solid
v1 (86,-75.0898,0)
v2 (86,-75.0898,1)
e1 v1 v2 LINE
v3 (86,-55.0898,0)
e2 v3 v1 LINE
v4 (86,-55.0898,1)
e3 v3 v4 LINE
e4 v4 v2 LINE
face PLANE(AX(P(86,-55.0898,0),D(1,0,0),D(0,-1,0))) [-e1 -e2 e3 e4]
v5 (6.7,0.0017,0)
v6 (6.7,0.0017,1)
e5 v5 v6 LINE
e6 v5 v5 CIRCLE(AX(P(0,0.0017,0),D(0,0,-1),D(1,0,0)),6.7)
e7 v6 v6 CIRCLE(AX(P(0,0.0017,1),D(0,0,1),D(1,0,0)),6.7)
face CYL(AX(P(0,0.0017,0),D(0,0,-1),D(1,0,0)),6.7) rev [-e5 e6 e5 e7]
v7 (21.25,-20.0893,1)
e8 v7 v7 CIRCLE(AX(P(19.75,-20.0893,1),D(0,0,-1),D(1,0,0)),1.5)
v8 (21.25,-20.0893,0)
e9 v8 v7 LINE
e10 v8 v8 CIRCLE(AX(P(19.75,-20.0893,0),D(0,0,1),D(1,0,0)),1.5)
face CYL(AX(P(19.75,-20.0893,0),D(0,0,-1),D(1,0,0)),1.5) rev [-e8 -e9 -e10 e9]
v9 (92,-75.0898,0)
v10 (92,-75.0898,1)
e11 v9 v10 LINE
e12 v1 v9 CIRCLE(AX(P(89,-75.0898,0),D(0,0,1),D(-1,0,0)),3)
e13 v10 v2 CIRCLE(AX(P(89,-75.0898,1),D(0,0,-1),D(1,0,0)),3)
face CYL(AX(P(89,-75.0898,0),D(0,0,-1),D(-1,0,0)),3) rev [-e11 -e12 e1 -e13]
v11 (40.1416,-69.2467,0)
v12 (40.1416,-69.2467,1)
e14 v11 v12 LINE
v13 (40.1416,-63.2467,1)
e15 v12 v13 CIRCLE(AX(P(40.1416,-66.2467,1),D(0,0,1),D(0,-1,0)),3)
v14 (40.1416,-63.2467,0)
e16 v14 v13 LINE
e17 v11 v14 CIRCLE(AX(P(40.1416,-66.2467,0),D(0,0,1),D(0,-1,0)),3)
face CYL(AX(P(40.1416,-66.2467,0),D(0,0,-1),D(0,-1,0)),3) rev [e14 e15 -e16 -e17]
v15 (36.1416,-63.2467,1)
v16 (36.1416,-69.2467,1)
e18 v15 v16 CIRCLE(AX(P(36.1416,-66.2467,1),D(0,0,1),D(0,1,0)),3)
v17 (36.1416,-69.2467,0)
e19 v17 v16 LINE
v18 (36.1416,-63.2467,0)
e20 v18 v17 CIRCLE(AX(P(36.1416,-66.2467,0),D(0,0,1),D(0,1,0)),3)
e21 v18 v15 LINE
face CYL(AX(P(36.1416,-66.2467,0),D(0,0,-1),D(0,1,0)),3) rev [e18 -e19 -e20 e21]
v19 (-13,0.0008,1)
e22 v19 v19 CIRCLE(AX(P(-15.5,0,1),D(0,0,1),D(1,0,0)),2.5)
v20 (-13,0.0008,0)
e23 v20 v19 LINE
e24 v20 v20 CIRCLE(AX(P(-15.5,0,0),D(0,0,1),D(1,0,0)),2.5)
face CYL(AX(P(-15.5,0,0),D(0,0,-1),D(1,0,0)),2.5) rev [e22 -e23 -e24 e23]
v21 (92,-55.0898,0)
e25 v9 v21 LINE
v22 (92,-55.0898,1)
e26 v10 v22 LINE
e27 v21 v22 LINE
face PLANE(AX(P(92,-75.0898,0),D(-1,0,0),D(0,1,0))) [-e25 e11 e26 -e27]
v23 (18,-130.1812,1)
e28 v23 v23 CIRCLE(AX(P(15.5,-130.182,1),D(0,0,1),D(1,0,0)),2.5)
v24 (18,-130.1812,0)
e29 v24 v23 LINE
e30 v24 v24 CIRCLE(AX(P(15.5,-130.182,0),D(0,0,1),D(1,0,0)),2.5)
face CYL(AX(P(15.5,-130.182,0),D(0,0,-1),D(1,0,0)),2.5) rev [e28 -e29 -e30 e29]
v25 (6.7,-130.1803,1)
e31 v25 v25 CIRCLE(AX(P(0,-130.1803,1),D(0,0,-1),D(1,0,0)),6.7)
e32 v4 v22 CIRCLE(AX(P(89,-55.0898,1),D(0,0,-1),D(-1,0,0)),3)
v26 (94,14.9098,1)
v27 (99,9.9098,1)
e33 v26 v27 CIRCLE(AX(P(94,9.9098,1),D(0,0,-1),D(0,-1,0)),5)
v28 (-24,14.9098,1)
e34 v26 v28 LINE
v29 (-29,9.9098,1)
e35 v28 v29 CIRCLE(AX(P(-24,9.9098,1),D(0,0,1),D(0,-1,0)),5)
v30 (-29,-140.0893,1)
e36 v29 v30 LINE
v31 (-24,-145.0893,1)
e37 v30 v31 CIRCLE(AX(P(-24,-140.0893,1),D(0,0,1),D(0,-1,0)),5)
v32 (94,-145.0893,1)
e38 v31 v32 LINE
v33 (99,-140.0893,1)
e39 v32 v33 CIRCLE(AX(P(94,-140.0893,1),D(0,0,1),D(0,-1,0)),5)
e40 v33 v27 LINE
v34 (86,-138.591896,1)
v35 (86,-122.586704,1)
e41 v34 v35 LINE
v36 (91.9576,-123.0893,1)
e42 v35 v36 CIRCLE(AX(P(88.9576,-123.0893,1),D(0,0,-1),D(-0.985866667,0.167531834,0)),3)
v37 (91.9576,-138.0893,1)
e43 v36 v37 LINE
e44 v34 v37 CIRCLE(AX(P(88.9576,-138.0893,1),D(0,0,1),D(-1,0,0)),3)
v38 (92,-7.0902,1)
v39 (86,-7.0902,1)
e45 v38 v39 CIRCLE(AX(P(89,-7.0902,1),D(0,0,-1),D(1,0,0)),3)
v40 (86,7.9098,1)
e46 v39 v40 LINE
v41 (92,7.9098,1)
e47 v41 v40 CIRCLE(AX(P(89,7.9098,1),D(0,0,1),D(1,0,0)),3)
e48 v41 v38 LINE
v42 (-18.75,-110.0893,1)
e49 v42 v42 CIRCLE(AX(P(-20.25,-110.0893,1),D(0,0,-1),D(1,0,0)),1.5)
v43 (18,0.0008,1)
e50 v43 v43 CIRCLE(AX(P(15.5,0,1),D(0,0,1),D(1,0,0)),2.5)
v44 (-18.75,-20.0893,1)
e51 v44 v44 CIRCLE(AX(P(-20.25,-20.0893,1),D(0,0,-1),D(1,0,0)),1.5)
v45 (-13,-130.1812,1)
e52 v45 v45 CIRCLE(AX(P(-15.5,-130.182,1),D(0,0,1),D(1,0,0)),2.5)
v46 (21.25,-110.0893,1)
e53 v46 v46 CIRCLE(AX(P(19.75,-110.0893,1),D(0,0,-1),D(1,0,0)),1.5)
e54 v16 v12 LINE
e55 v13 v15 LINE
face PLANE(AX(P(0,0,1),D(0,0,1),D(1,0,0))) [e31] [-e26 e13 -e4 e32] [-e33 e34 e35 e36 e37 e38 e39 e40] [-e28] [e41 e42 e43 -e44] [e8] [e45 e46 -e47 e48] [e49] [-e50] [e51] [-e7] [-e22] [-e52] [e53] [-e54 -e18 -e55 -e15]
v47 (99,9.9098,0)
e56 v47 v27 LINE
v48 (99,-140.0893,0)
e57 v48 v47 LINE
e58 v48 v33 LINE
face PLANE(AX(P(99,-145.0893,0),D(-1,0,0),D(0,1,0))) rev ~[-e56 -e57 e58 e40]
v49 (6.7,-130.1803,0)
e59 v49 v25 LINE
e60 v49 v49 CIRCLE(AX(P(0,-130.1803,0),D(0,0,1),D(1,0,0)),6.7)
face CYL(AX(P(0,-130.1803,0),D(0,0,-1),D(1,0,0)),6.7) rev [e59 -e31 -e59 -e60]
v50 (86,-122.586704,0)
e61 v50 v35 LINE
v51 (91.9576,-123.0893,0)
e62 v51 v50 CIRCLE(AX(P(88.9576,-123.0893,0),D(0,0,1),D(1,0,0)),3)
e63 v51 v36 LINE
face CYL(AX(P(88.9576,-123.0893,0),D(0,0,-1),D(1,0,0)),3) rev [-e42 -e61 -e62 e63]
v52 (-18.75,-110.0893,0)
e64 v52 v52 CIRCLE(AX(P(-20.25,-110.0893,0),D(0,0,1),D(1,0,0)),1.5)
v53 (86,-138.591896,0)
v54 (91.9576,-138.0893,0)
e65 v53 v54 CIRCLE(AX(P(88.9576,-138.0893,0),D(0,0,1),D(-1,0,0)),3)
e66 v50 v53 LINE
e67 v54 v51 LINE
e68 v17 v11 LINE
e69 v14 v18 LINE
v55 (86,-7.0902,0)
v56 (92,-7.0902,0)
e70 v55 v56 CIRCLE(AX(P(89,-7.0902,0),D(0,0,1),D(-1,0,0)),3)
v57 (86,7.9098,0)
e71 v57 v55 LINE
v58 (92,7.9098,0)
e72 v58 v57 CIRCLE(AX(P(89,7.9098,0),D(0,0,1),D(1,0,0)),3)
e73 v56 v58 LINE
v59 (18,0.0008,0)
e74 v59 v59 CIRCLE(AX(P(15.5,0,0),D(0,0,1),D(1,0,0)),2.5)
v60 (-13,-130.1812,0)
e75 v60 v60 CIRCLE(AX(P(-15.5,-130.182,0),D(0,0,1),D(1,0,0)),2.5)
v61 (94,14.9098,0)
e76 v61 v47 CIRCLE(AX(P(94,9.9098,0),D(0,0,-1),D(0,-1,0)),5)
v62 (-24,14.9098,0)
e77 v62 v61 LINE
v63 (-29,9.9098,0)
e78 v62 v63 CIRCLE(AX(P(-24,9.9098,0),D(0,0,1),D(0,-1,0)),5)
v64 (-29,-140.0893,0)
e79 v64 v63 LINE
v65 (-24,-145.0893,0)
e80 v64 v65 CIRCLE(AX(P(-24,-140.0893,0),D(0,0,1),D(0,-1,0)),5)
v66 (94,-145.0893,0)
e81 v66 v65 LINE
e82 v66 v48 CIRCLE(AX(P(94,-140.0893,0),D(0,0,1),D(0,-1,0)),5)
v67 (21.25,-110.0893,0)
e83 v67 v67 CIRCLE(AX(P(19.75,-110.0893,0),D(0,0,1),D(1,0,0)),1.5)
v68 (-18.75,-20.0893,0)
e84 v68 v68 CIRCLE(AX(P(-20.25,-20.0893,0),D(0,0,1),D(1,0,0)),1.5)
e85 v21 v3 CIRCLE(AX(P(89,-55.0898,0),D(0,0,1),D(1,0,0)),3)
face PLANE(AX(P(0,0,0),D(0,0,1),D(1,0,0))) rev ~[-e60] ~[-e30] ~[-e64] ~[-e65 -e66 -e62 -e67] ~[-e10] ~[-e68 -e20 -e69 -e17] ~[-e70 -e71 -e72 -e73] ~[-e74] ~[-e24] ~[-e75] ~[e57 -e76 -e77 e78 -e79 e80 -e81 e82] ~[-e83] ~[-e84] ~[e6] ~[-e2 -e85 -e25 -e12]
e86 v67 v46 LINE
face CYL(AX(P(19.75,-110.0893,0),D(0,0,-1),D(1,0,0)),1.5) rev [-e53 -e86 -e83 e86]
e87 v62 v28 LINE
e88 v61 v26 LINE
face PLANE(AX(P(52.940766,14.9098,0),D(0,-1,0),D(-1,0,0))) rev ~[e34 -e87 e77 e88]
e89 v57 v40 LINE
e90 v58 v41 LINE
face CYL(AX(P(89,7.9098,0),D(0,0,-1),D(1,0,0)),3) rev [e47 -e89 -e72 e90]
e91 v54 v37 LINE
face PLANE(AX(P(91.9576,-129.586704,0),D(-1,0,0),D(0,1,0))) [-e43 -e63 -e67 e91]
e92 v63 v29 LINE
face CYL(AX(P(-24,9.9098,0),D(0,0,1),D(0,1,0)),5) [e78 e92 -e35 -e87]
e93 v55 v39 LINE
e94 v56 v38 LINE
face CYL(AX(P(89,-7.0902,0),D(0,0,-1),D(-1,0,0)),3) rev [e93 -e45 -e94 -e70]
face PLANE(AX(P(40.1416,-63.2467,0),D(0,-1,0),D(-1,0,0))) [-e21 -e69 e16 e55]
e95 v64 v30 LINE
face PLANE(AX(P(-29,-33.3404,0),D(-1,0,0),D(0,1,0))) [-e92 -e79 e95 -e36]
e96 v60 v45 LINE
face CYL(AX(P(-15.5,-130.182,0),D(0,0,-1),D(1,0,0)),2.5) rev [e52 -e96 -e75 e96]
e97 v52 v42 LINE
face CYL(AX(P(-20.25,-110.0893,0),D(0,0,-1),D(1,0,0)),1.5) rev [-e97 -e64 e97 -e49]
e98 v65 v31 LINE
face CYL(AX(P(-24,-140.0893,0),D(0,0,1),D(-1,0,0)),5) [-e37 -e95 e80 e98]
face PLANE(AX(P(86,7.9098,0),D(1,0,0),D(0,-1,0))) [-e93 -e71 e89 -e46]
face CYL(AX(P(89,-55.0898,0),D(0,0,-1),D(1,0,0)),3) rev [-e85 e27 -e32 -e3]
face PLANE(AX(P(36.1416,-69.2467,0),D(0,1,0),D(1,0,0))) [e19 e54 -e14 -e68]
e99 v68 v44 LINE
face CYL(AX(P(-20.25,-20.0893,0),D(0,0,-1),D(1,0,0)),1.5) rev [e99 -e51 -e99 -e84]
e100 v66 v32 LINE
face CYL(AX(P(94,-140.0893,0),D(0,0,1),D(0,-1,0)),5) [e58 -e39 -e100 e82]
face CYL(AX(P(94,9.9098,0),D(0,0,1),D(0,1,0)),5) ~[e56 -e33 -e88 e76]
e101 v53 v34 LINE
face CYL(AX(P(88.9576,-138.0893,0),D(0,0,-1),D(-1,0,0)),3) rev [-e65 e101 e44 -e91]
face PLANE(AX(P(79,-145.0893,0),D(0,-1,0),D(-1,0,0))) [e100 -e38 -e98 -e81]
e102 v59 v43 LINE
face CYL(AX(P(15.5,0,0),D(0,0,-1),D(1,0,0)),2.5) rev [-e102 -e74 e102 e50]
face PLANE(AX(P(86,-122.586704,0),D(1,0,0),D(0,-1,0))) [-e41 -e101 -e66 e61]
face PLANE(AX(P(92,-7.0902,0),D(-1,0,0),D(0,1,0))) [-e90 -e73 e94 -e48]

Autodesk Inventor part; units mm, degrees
ref_plane "YZ Plane" through (0, 0, 0) normal (1, 0, 0) x (0, 1, 0)
ref_plane "XZ Plane" through (0, 0, 0) normal (0, 1, 0) x (-1, 0, 0)
ref_plane "XY Plane" through (0, 0, 0) normal (0, 0, 1) x (1, 0, 0)
sketch "スケッチ1" plane through (0, 0, 0) normal (0, 0, 1) x (1, 0, 0)
  circle A0 centre (-15.5, 0) radius 2.5 projected
  circle A1 centre (15.5, 0) radius 2.5 projected
  circle A2 centre (0, 0) radius 11 projected
  line L0 (-15.1987, 13) -> (15.1987, 13) projected
  arc A3 (15.1987, -13) -> (15.1987, 13) centre (0, 0) ccw projected
  line L1 (15.1987, -13) -> (-15.1987, -13) projected
  arc A4 (-15.1987, 13) -> (-15.1987, -13) centre (0, 0) ccw projected
  circle A5 centre (-15.5, -130.182) radius 2.5 projected
  circle A6 centre (15.5, -130.182) radius 2.5 projected
  circle A7 centre (0, -130.182) radius 11 projected
  line L2 (-15.1987, -143.182) -> (15.1987, -143.182) projected
  arc A8 (-15.1987, -117.182) -> (-15.1987, -143.182) centre (0, -130.182) ccw projected
  line L3 (15.1987, -117.182) -> (-15.1987, -117.182) projected
  arc A9 (15.1987, -143.182) -> (15.1987, -117.182) centre (0, -130.182) ccw projected
  circle A10 centre (0, -130.182) radius 5 projected
  circle A11 centre (0, 0) radius 5 projected
  line L4 (-29, -33.3404) -> (-29, 14.9098) projected
  line L5 (99, -145.0893) -> (-29, -145.0893) projected
  line L6 (-29, -63.34) -> (-29, -33.3408)
  line L7 (99, -145.0893) -> (99, 14.9098)
  line L8 (99, 14.9098) -> (297.1795, 14.9098)
  line L9 (297.1795, 14.9098) -> (297.1795, -145.0893)
  line L10 (297.1795, -145.0893) -> (99, -145.0893)
  circle A12 centre (0, -130.1819) radius 55
  circle A13 centre (0, 0.0009) radius 55
  line L11 (297.1795, -145.0893) -> (237.1795, -145.0893)
  line L12 (237.1795, -145.0893) -> (237.1795, 14.9098)
  line L13 (237.1795, 14.9098) -> (297.1795, 14.9098)
  line L14 (297.1795, 14.9098) -> (297.1795, -145.0893)
  line L15 (99, 14.9098) -> (-29, 14.9098) projected
  line L16 (99, 14.9098) -> (99, -145.0893) projected
  line L17 (92, -168.0902) -> (92, 36.9098) projected
  line L18 (86, 36.9098) -> (86, -168.0902) projected
  line L19 (89, 7.9098) -> (89, -7.0902) construction
  line L20 (92, 7.9098) -> (92, -7.0902)
  line L21 (86, -7.0902) -> (86, 7.9098)
  arc A14 (92, 7.9098) -> (86, 7.9098) centre (89, 7.9098) ccw
  arc A15 (86, -7.0902) -> (92, -7.0902) centre (89, -7.0902) ccw
  line L22 (87.3545, -74.7724) -> (87.3545, -54.7724) construction
  line L23 (90.3545, -74.7724) -> (90.3545, -54.7724)
  line L24 (84.3545, -54.7724) -> (84.3545, -74.7724)
  arc A16 (84.3545, -74.7724) -> (90.3545, -74.7724) centre (87.3545, -74.7724) ccw
  arc A17 (90.3545, -54.7724) -> (84.3545, -54.7724) centre (87.3545, -54.7724) ccw
  line L25 (-29, -145.0893) -> (-0.25, -145.0893)
  line L26 (-0.25, -145.0893) -> (-0.25, 14.9098)
  line L27 (-0.25, 14.9098) -> (-29, 14.9098)
  line L28 (-29, 14.9098) -> (-29, -145.0893)
  line L29 (19.75, -105.0893) -> (19.75, -25.0893)
  line L30 (19.75, -25.0893) -> (-20.25, -25.0893)
  line L31 (-20.25, -25.0893) -> (-20.25, -105.0893)
  line L32 (-20.25, -105.0893) -> (19.75, -105.0893)
  line L33 (19.75, -105.0893) -> (-20.25, -25.0893) construction
  line L34 (19.75, -25.0893) -> (-20.25, -105.0893) construction
  line L35 (19.75, -110.0893) -> (19.75, -20.0893)
  line L36 (19.75, -20.0893) -> (-20.25, -20.0893)
  line L37 (-20.25, -20.0893) -> (-20.25, -110.0893)
  line L38 (-20.25, -110.0893) -> (19.75, -110.0893)
  line L39 (19.75, -110.0893) -> (-20.25, -20.0893) construction
  line L40 (19.75, -20.0893) -> (-20.25, -110.0893) construction
  circle A18 centre (19.75, -110.0893) radius 1.5
  circle A19 centre (19.75, -20.0893) radius 1.5
  circle A20 centre (-20.25, -20.0893) radius 1.5
  circle A21 centre (-20.25, -110.0893) radius 1.5
  line L41 (88.9576, -138.0893) -> (88.9576, -123.0893) construction
  line L42 (91.9576, -138.0893) -> (91.9576, -123.0893)
  line L43 (85.9576, -123.0893) -> (85.9576, -138.0893)
  arc A22 (85.9576, -138.0893) -> (91.9576, -138.0893) centre (88.9576, -138.0893) ccw
  arc A23 (91.9576, -123.0893) -> (85.9576, -123.0893) centre (88.9576, -123.0893) ccw
  line L44 (-15.829, -33.3462) -> (-29, -33.3404) projected
  line L45 (-29, -145.0893) -> (-29, -63.34) projected
  line L46 (-29, -63.34) -> (-16.162, -63.34) projected
  arc A24 (-16.162, -63.34) -> (-15.829, -33.3462) centre (-16.25, -48.3403) ccw projected
  line L47 (55.6416, -41.2467) -> (55.6416, -91.2467) projected
  arc A25 (55.6416, -91.2467) -> (80.6416, -91.2467) centre (68.1416, -91.2467) ccw projected
  line L48 (80.6416, -91.2467) -> (80.6416, -41.2467) projected
  arc A26 (80.6416, -41.2467) -> (55.6416, -41.2467) centre (68.1416, -41.2467) ccw projected
  line L49 (86, -55.0898) -> (86, -75.0898) projected
  arc A27 (86, -75.0898) -> (92, -75.0898) centre (89, -75.0898) ccw projected
  line L50 (92, -75.0898) -> (92, -55.0898) projected
  arc A28 (92, -55.0898) -> (86, -55.0898) centre (89, -55.0898) ccw projected
  circle A29 centre (48.7299, -140.0893) radius 1.5 projected
  circle A30 centre (14.75, -81.84) radius 15.8 projected
  circle A31 centre (-15.5, 0.0016) radius 2.5 projected
  circle A32 centre (-15.5, -130.1804) radius 2.5 projected
  arc A33 (86.1416, -121.2458) -> (90.1416, -121.2458) centre (88.1416, -121.2458) ccw projected
  line L51 (90.1416, -121.2458) -> (90.1416, -111.2458) projected
  arc A34 (90.1416, -111.2458) -> (86.1416, -111.2458) centre (88.1416, -111.2458) ccw projected
  line L52 (86.1416, -111.2458) -> (86.1416, -121.2458) projected
  arc A35 (56.1416, -21.2467) -> (60.1416, -21.2467) centre (58.1416, -21.2467) ccw projected
  line L53 (60.1416, -21.2467) -> (60.1416, -11.2467) projected
  arc A36 (60.1416, -11.2467) -> (56.1416, -11.2467) centre (58.1416, -11.2467) ccw projected
  line L54 (56.1416, -11.2467) -> (56.1416, -21.2467) projected
  arc A37 (92, 9.9098) -> (86, 9.9098) centre (89, 9.9098) ccw projected
  line L55 (86, 9.9098) -> (86, -0.0902) projected
  arc A38 (86, -0.0902) -> (92, -0.0902) centre (89, -0.0902) ccw projected
  line L56 (92, -0.0902) -> (92, 9.9098) projected
  arc A39 (56.1416, -121.2458) -> (60.1416, -121.2458) centre (58.1416, -121.2458) ccw projected
  line L57 (60.1416, -121.2458) -> (60.1416, -111.2458) projected
  arc A40 (60.1416, -111.2458) -> (56.1416, -111.2458) centre (58.1416, -111.2458) ccw projected
  line L58 (56.1416, -111.2458) -> (56.1416, -121.2458) projected
  circle A41 centre (68.7415, -140.0893) radius 1.5 projected
  circle A42 centre (0, -130.1803) radius 6.7 projected
  circle A43 centre (15.5, 0.0016) radius 2.5 projected
  circle A44 centre (0, 0.0017) radius 6.7 projected
  circle A45 centre (15.5, -130.1804) radius 2.5 projected
  circle A46 centre (48.73, 9.9098) radius 1.5 projected
  arc A47 (86, -140.0893) -> (92, -140.0893) centre (89, -140.0893) ccw projected
  line L59 (92, -140.0893) -> (92, -130.0893) projected
  arc A48 (92, -130.0893) -> (86, -130.0893) centre (89, -130.0893) ccw projected
  line L60 (86, -130.0893) -> (86, -140.0893) projected
  arc A49 (90.1416, -11.2467) -> (86.1416, -11.2467) centre (88.1416, -11.2467) ccw projected
  line L61 (86.1416, -11.2467) -> (86.1416, -21.2467) projected
  arc A50 (86.1416, -21.2467) -> (90.1416, -21.2467) centre (88.1416, -21.2467) ccw projected
  line L62 (90.1416, -21.2467) -> (90.1416, -11.2467) projected
  line L63 (40.1416, -63.2467) -> (36.1416, -63.2467) projected
  arc A51 (36.1416, -63.2467) -> (36.1416, -69.2467) centre (36.1416, -66.2467) ccw projected
  line L64 (36.1416, -69.2467) -> (40.1416, -69.2467) projected
  arc A52 (40.1416, -69.2467) -> (40.1416, -63.2467) centre (40.1416, -66.2467) ccw projected
  circle A53 centre (68.9885, 9.909) radius 1.5 projected
  circle A54 centre (68.9885, 9.9098) radius 1.5 projected
  line L65 (99, -145.0893) -> (79, -145.0893)
  line L66 (79, -145.0893) -> (79, 14.9098)
  line L67 (79, 14.9098) -> (99, 14.9098)
  line L68 (99, 14.9098) -> (99, -145.0893)
  point P0 (0, 0)
  point P1 (119, 14.909)
  point P2 (89, 0.4098)
  point P3 (92, 7.909)
  point P4 (92, -7.091)
  point P5 (86, -7.094)
  point P6 (86, 7.9142)
  point P7 (87.3545, -64.7724)
  point P8 (86, -7.0941)
  point P9 (86, 7.909)
  point P10 (92, -55.0901)
  point P11 (92, -75.0901)
  point P12 (86, -77.4492)
  point P13 (86, -52.0956)
  point P14 (114.2151, 14.909)
  point P15 (237.2519, 14.9098)
  point P16 (-0.25, -65.0893)
  point P17 (86, -7.0943)
  point P18 (86, -7.091)
  point P19 (88.9576, -130.5893)
  point P20 (86, -138.5921)
  point P21 (86, -122.5866)
  point P22 (112.6121, 14.909)
  point P23 (112.6121, 14.909)
  point P24 (92.6121, -145.0901)
  point P25 (92.6121, 14.909)
  point P26 (-0.25, -145.0901)
  point P27 (92.6121, 14.909)
  point P28 (-0.25, -145.0901)
  point P29 (237.1795, -145.0893)
  point P30 (237.1795, 14.909)
  point P31 (-29, -33.3412)
  point P32 (-29, -63.3408)
  point P33 (-0.25, -145.091)
  point P34 (-29, -33.3422)
  point P35 (-29, -63.3417)
  point P36 (-0.25, -145.091)
  point P37 (-0.25, -145.0908)
  point P38 (-0.25, -145.0908)
  point P39 (-0.25, -145.0905)
  point P40 (-0.25, -145.0905)
  point P41 (-0.25, -145.0902)
  point P42 (-0.25, -145.0902)
  point P43 (-0.25, -145.0899)
  point P44 (-0.25, -145.0899)
  point P45 (-0.25, -145.0896)
  point P46 (-0.25, -145.0896)
  point P47 (-0.25, -145.0893)
  point P48 (-0.25, -145.0893)
  point P49 (-13, -0.0021)
  point P50 (-18, 0.0038)
  point P51 (18, -0.0021)
  point P52 (13, 0.0038)
  point P53 (86, -7.0943)
  point P54 (-13, -130.1782)
  point P55 (-18, -130.1841)
  point P56 (18, -130.1782)
  point P57 (13, -130.1841)
  point P58 (92, -55.0881)
  point P59 (92, -75.0915)
  point P60 (86, -75.0915)
  point P61 (86, -55.0881)
  dimension "d2" = 110
  dimension "d3" = 110
  dimension "d4" = 60
  dimension "d5" = 159.9991
  dimension "d10" = 7
  dimension "d11" = 15
  dimension "d12" = 6
  dimension "d14" = 20
  dimension "d17" = 80
  dimension "d18" = 40
  dimension "d19" = 159.9991
  dimension "d20" = 80
  dimension "d21" = 90
  dimension "d22" = 40
  dimension "d23" = 3
  dimension "d24" = 3
  dimension "d25" = 3
  dimension "d26" = 3
  dimension "d27" = 15
  dimension "d29" = 7
  dimension "d30" = 20
extrude "押し出し1" add sketch "スケッチ1" along normal blind 1 contours A2 L26 A44 | A2 L26 L0 A3 L1 | L26 A44 A2 | A2 L26 L1 A4 L0 | L26 L15 A13 L29 L35 A19 L36 L1 A3 L0 | L0 A4 L1 L26 L36 A20 L37 L31 L44 L4 L15 | L36 A19 L35 L30 L26 | L26 L30 L37 A20 L36 | L15 L66 A26 L47 A25 L5 A12 A30 L29 A13 | L30 L29 A13 L26 | L26 A13 A24 L44 L31 L30 | L44 L31 A13 L6 | A13 L31 L46 L6 | L15 L18 A17 L24 A16 A23 L43 A22 L5 L66 A25 L48 A26 | L26 A12 L31 L46 A24 A13 | A13 L29 A30 A12 L26 | L44 A24 A13 L31 | L46 L31 A12 L28 | A13 A24 L46 L31 | L15 L17 A37 L18 | L66 A25 L47 A26 | A26 L48 A25 L66 | L26 A30 L32 L31 A12 | A12 A30 L26 | A30 A12 L29 | L29 A12 A30 | A12 L31 L37 A21 L38 L26 L3 A8 L2 L5 L28 | L15 L7 L5 L17 | A37 L17 A14 L18 | A12 L29 A30 L26 | L26 A30 | A12 A30 L29 | L5 L26 L2 A9 L3 L38 A18 L35 L29 A30 A12 | L32 L26 L38 A21 L37 | A30 L29 L32 L26 | L18 A47 L17 L5 | L32 L35 A18 L38 L26 | L26 A7 L3 A9 L2 | L2 A8 L3 L26 A7 | A15 A49 L61 A50 L62 L17 A28 A17 L18 | L18 A22 L42 A48 L17 A47 | L26 A42 A7 | A7 L26 A42 | A17 A28 L18 | L18 A16 L24 A17 | A15 A49 L62 A50 L61 | A22 L43 A23 L18 | A48 L42 A23 L51 A34 L52 A33 L18 A16 A27 L17 | A27 A16 L18 | A33 L52 A34 L51 A23 | A29 | L54 A36 L53 A35 | L58 A40 L57 A39 | A41 | A46 | A53
sketch "スケッチ2" plane through (0, 0, 0) normal (0, 0, -1) x (-1, 0, 0)
  point P0 (0, 0)
fillet "フィレット1" radius 5 4 edges at (-29, -145.0893, 0.5) (-29, 14.9098, 0.5) (99, -145.0893, 0.5) (99, 14.9098, 0.5)
